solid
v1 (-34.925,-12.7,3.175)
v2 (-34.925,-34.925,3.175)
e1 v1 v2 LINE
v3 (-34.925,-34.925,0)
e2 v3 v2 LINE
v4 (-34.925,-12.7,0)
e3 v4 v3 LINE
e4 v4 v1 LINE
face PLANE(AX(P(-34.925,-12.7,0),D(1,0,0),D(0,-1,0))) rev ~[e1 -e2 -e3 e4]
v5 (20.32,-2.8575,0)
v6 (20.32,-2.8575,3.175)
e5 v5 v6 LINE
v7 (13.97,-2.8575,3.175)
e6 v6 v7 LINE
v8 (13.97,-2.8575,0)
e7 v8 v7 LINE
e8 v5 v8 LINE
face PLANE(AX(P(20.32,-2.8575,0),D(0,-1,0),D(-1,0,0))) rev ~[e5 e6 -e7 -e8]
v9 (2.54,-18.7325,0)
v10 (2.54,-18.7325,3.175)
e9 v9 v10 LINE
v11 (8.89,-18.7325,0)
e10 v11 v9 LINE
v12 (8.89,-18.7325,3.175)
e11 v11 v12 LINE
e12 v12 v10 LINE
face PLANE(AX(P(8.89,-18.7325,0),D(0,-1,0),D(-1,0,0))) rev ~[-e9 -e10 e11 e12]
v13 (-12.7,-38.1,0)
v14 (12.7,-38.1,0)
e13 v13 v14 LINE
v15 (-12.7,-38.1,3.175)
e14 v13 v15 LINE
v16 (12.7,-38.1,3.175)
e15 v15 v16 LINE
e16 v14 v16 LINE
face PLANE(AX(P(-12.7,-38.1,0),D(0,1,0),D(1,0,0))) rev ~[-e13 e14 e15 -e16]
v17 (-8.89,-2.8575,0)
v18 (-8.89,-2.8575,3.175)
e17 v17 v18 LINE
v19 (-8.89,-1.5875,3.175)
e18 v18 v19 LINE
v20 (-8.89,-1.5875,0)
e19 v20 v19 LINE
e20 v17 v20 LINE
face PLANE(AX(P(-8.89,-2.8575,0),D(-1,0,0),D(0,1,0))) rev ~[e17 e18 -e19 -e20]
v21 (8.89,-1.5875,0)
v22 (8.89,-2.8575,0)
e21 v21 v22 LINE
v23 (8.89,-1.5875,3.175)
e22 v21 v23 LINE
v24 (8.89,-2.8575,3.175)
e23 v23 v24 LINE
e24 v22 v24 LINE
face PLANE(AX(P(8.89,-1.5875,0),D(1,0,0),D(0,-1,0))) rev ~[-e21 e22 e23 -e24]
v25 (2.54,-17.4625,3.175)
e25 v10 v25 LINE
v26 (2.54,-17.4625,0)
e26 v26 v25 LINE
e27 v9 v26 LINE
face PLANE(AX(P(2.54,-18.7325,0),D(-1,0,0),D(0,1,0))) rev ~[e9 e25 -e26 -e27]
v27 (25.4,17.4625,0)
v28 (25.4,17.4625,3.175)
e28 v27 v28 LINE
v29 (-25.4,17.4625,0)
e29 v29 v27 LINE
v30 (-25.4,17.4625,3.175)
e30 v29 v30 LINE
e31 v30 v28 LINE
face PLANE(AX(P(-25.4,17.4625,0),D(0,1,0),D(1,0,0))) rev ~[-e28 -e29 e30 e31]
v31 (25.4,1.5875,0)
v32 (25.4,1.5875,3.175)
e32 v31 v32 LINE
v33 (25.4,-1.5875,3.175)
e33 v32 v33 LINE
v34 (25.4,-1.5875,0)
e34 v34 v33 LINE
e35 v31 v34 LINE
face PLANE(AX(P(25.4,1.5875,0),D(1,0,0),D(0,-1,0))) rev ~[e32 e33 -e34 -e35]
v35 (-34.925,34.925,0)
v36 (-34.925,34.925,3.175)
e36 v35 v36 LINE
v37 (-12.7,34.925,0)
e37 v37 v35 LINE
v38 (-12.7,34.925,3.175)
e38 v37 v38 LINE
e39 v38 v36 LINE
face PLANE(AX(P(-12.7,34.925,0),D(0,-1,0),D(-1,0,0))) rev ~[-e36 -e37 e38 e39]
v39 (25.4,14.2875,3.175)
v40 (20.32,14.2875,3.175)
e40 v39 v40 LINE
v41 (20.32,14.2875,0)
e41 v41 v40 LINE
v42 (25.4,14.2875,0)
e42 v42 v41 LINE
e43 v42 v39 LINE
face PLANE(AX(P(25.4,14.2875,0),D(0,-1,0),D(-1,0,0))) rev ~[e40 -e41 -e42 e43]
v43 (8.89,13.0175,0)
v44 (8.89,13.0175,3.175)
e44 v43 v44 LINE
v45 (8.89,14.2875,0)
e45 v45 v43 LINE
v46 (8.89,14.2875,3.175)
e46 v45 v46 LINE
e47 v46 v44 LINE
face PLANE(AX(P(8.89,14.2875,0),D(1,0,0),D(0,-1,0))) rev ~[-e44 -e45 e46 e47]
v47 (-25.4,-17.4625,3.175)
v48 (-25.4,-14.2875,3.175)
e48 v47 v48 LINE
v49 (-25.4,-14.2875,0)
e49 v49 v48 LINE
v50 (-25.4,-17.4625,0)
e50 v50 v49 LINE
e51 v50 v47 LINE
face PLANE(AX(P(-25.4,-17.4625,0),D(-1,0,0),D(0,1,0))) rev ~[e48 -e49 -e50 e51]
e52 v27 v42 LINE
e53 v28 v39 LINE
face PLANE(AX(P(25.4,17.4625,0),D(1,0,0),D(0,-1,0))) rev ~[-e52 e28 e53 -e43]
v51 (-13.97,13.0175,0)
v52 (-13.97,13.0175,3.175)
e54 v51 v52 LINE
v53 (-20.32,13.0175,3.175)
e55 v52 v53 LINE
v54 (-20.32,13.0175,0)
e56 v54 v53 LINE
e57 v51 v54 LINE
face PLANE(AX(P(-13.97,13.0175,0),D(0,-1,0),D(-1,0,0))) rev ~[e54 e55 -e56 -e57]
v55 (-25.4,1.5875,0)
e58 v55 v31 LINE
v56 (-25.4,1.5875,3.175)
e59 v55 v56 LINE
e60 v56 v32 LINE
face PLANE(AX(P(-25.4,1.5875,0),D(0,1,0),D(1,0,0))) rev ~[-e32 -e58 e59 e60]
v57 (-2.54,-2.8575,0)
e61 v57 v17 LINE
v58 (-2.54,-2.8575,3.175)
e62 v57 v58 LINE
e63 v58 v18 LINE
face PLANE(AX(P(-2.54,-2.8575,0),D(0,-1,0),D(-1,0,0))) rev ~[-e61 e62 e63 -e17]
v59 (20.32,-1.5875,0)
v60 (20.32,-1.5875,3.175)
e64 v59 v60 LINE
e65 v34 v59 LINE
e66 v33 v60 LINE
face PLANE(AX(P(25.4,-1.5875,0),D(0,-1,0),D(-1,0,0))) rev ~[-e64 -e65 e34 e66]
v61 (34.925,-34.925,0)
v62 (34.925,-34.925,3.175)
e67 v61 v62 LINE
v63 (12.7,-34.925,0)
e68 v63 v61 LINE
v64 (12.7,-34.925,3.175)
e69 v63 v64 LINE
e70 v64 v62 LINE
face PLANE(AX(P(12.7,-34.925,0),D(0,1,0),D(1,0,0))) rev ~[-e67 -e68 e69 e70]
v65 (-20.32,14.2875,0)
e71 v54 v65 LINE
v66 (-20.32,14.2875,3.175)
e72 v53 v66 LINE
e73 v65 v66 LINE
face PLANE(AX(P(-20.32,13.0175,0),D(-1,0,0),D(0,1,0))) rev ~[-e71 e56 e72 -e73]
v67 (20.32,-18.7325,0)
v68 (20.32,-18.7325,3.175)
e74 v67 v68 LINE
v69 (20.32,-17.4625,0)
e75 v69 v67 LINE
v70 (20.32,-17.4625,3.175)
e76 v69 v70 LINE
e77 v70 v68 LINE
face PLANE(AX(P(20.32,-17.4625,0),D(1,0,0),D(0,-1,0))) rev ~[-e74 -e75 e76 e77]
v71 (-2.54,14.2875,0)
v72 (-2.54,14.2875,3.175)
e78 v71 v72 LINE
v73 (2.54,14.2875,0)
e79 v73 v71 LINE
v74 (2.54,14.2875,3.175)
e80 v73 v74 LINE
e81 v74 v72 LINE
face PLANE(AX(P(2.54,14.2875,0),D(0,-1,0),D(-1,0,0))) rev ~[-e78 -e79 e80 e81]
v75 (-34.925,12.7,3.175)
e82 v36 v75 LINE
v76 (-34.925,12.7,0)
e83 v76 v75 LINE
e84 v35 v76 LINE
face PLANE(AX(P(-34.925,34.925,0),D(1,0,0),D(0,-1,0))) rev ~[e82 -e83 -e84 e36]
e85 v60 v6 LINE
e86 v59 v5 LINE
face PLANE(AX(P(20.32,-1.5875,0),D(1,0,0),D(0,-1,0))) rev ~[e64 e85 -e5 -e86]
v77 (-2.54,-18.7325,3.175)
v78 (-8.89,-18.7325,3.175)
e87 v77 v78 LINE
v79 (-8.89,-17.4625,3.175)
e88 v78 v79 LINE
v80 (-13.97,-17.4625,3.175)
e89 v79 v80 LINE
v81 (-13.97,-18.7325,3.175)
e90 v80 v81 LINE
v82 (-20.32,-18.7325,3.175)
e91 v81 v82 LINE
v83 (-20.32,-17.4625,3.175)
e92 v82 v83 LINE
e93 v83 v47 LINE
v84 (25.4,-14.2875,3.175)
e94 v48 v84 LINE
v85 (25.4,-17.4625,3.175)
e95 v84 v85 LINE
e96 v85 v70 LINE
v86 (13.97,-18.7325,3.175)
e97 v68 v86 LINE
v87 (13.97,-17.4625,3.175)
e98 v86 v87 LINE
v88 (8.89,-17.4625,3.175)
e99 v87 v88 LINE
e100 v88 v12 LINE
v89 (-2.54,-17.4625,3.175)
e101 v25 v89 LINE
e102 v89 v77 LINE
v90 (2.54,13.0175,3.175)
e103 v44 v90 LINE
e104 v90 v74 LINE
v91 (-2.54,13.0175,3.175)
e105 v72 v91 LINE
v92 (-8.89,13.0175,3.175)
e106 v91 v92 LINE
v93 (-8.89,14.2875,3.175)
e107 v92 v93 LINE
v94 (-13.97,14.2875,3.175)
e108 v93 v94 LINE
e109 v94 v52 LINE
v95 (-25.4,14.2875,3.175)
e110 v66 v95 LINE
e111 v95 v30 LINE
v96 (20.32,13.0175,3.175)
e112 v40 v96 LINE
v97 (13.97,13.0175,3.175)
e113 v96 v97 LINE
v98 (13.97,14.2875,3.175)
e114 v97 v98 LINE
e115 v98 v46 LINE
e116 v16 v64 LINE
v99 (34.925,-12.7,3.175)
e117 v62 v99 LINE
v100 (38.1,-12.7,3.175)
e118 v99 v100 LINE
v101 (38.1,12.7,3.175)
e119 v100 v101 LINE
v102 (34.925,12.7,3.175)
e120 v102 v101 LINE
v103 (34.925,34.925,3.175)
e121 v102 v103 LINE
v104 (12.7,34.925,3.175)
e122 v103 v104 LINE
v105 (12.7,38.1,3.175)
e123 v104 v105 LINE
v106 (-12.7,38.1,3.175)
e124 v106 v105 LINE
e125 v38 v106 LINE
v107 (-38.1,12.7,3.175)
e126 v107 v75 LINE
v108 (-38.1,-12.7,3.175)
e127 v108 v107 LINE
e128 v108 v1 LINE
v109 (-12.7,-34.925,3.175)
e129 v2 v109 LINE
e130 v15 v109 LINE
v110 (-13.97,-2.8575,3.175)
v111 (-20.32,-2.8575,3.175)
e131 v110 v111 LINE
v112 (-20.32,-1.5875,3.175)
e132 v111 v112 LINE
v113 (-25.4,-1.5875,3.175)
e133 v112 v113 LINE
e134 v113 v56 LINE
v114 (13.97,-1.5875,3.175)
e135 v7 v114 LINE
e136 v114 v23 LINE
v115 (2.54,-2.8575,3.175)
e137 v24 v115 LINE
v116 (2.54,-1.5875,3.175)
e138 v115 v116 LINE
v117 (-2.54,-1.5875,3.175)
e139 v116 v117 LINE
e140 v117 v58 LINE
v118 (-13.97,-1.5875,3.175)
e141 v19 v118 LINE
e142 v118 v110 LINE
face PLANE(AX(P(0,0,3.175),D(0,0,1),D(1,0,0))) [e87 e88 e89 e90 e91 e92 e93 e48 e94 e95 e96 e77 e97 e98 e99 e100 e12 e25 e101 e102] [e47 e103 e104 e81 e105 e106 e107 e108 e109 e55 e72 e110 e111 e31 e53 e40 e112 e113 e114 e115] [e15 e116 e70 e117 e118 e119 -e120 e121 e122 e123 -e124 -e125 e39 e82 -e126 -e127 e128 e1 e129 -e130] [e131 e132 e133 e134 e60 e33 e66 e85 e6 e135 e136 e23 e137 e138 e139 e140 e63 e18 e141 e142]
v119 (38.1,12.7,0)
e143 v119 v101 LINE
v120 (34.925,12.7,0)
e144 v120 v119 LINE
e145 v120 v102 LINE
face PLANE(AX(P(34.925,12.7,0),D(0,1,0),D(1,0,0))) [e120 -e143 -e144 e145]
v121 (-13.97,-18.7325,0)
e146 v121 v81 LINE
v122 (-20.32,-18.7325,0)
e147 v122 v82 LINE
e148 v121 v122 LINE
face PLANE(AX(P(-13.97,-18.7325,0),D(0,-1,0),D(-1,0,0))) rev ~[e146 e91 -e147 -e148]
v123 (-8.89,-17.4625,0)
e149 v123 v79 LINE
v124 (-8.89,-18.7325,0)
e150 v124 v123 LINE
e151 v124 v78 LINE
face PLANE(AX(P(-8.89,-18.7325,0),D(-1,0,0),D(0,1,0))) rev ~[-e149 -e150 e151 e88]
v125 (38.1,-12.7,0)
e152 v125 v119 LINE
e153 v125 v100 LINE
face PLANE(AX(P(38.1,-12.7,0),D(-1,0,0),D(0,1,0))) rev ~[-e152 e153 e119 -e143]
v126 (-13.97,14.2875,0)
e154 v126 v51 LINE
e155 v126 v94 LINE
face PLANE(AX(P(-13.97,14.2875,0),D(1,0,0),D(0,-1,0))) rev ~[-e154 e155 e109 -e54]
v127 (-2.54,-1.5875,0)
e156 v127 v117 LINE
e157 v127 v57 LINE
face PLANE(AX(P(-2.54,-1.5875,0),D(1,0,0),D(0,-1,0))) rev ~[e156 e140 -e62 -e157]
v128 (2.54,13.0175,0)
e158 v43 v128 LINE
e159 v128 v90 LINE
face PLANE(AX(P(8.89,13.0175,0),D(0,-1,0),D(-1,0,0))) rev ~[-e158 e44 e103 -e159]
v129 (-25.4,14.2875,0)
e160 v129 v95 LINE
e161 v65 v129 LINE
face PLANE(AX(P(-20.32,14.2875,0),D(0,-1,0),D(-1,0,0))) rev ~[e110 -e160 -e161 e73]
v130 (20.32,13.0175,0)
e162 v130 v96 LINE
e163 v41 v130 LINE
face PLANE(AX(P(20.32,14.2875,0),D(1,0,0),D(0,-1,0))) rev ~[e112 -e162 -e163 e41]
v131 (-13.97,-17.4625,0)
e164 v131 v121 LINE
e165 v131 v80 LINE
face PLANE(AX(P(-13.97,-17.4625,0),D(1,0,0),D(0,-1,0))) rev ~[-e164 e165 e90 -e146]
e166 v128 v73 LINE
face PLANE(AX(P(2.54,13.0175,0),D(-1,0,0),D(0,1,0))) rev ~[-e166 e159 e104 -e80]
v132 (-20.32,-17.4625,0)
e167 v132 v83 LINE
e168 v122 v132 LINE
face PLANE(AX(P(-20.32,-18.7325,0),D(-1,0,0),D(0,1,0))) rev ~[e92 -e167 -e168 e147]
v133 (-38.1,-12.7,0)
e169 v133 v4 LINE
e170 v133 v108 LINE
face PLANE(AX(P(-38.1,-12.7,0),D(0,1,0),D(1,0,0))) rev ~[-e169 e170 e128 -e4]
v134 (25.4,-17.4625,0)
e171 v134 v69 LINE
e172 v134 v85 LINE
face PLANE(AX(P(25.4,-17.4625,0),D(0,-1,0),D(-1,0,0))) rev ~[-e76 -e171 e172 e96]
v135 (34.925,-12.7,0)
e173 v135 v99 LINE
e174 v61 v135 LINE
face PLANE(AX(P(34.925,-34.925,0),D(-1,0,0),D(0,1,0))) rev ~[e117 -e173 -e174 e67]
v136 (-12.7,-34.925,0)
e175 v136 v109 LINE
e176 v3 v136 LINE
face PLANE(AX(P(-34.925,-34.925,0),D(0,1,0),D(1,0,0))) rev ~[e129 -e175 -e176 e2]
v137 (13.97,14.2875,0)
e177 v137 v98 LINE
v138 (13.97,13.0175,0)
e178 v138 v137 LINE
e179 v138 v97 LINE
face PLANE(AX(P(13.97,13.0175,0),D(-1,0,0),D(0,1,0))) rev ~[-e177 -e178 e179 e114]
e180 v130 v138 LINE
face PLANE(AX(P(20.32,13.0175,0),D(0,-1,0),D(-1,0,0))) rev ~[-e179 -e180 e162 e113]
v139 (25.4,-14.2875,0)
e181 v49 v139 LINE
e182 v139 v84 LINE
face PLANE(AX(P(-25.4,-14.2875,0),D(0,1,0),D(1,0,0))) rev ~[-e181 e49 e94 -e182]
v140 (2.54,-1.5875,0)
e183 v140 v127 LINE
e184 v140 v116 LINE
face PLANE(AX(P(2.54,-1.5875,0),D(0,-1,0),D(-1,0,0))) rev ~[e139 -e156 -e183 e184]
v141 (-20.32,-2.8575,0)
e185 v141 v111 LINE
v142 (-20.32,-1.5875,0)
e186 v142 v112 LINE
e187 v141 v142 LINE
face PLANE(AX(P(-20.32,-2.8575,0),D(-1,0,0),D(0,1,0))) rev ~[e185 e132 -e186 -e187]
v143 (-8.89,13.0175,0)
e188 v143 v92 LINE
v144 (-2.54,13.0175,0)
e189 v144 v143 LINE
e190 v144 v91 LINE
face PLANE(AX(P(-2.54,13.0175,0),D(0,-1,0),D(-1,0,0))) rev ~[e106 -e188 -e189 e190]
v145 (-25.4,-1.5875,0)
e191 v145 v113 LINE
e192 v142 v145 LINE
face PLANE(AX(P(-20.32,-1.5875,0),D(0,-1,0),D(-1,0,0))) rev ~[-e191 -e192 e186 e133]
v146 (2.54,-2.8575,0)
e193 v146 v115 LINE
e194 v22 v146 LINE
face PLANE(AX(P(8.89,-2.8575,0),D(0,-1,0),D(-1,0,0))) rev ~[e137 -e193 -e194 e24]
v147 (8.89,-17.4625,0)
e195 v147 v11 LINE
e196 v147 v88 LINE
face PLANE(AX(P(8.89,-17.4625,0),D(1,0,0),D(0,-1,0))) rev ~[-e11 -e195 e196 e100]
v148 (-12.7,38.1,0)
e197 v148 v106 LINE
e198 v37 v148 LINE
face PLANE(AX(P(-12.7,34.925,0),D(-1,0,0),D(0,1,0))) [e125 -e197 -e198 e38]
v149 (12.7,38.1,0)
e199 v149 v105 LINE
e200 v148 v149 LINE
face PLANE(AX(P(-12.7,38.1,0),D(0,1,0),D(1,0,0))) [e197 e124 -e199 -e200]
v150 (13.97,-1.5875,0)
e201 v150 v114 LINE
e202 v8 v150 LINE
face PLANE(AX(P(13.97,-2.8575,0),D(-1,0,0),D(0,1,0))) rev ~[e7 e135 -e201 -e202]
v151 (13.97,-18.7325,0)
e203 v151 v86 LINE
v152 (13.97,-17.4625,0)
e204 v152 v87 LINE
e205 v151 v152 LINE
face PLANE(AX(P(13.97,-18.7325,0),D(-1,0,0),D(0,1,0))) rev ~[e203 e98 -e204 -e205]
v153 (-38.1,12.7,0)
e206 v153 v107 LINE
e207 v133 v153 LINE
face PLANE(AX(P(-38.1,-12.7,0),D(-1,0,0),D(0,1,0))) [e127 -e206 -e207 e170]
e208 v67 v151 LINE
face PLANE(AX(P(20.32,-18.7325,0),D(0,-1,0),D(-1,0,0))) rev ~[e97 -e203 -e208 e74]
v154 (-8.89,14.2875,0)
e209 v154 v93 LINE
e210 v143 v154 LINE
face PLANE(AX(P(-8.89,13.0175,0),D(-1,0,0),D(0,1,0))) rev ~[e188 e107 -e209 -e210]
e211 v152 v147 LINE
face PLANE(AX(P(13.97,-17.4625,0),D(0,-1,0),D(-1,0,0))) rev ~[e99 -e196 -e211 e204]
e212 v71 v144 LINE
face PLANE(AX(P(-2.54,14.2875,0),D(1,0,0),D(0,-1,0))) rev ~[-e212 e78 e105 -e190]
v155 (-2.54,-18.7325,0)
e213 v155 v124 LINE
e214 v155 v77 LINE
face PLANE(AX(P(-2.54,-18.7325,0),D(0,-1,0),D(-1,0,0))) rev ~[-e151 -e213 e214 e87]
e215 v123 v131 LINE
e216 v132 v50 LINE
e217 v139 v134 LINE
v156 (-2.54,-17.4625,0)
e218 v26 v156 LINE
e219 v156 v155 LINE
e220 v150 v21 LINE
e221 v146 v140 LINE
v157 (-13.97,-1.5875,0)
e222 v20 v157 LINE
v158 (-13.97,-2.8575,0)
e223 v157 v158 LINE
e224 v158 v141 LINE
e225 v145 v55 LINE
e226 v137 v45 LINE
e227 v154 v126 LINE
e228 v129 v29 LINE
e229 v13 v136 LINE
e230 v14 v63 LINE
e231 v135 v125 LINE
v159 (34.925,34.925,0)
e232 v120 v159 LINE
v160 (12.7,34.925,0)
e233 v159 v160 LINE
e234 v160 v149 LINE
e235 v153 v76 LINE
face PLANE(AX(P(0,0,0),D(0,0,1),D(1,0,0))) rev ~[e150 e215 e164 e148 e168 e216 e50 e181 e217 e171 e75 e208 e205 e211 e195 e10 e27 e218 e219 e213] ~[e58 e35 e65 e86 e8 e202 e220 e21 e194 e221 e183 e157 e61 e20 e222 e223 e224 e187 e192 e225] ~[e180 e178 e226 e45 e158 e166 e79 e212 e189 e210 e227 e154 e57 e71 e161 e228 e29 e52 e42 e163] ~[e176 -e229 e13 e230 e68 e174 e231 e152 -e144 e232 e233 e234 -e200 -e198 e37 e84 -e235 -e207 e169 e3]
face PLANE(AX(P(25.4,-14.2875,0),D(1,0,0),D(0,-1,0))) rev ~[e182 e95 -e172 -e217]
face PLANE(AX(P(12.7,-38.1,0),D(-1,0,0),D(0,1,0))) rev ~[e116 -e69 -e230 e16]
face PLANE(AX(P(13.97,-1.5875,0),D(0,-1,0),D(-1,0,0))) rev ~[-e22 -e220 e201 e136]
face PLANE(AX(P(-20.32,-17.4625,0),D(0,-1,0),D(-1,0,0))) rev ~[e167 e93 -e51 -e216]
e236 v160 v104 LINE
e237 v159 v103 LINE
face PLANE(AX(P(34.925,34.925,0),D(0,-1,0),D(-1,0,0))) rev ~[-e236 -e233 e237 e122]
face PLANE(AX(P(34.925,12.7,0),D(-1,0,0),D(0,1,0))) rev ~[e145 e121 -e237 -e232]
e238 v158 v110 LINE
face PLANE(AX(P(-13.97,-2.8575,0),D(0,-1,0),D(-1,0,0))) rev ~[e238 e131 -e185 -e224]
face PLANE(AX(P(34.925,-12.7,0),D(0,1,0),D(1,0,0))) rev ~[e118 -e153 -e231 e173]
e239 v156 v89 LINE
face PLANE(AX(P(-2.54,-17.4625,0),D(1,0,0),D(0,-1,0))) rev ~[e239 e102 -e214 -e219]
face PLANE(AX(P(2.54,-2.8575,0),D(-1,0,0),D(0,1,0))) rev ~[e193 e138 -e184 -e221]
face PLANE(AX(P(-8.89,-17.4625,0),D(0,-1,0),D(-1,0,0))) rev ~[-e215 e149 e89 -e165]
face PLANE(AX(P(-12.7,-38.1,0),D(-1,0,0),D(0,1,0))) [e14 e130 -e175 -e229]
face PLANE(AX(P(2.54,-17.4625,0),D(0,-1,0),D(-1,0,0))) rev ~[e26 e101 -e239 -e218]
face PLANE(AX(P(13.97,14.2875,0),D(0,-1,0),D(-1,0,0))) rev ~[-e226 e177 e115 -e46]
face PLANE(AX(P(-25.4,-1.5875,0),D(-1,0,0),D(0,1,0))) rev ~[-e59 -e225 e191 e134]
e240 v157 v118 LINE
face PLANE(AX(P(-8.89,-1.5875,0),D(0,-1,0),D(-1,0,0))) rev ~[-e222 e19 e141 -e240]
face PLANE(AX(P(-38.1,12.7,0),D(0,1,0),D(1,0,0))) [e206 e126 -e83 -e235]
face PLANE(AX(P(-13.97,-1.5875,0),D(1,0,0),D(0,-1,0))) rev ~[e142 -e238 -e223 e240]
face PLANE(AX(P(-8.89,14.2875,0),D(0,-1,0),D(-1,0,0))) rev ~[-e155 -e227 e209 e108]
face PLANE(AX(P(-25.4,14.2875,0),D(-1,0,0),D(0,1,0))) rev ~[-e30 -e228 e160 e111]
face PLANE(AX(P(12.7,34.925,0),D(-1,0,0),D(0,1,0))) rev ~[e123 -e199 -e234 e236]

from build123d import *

# Parameters (mm, degrees)
F0_W     = 25.4
F0_H     = 3.175
F0_W_2   = 3.175
F0_H_2   = 25.4
F1_DEPTH = 3.175


with BuildPart() as f1:
    # F0 (on Top) → F1 (new body)
    with BuildSketch(Plane.XY):
        Polygon((12.7, -34.925), (34.925, -34.925), (34.925, -12.7), (34.925, 12.7), (34.925, 34.925), (12.7, 34.925), (-12.7, 34.925), (-34.925, 34.925), (-34.925, 12.7), (-34.925, -12.7), (-34.925, -34.925), (-12.7, -34.925), align=None)
        Polygon((-25.4, -17.4625), (-25.4, -14.2875), (25.4, -14.2875), (25.4, -17.4625), (20.32, -17.4625), (20.32, -18.7325), (13.97, -18.7325), (13.97, -17.4625), (8.89, -17.4625), (8.89, -18.7325), (2.54, -18.7325), (2.54, -17.4625), (-2.54, -17.4625), (-2.54, -18.7325), (-8.89, -18.7325), (-8.89, -17.4625), (-13.97, -17.4625), (-13.97, -18.7325), (-20.32, -18.7325), (-20.32, -17.4625), align=None, mode=Mode.SUBTRACT)
        Polygon((-25.4, -1.5875), (-25.4, 1.5875), (25.4, 1.5875), (25.4, -1.5875), (20.32, -1.5875), (20.32, -2.8575), (13.97, -2.8575), (13.97, -1.5875), (8.89, -1.5875), (8.89, -2.8575), (2.54, -2.8575), (2.54, -1.5875), (-2.54, -1.5875), (-2.54, -2.8575), (-8.89, -2.8575), (-8.89, -1.5875), (-13.97, -1.5875), (-13.97, -2.8575), (-20.32, -2.8575), (-20.32, -1.5875), align=None, mode=Mode.SUBTRACT)
        Polygon((-25.4, 14.2875), (-25.4, 17.4625), (25.4, 17.4625), (25.4, 14.2875), (20.32, 14.2875), (20.32, 13.0175), (13.97, 13.0175), (13.97, 14.2875), (8.89, 14.2875), (8.89, 13.0175), (2.54, 13.0175), (2.54, 14.2875), (-2.54, 14.2875), (-2.54, 13.0175), (-8.89, 13.0175), (-8.89, 14.2875), (-13.97, 14.2875), (-13.97, 13.0175), (-20.32, 13.0175), (-20.32, 14.2875), align=None, mode=Mode.SUBTRACT)
        with Locations((0, 36.5125)):
            Rectangle(F0_W, F0_H)
        with Locations((36.5125, 0)):
            Rectangle(F0_W_2, F0_H_2)
        with Locations((0, -36.5125)):
            Rectangle(F0_W, F0_H)
        with Locations((-36.5125, 0)):
            Rectangle(F0_W_2, F0_H_2)
    extrude(amount=F1_DEPTH)


solid = f1.part
